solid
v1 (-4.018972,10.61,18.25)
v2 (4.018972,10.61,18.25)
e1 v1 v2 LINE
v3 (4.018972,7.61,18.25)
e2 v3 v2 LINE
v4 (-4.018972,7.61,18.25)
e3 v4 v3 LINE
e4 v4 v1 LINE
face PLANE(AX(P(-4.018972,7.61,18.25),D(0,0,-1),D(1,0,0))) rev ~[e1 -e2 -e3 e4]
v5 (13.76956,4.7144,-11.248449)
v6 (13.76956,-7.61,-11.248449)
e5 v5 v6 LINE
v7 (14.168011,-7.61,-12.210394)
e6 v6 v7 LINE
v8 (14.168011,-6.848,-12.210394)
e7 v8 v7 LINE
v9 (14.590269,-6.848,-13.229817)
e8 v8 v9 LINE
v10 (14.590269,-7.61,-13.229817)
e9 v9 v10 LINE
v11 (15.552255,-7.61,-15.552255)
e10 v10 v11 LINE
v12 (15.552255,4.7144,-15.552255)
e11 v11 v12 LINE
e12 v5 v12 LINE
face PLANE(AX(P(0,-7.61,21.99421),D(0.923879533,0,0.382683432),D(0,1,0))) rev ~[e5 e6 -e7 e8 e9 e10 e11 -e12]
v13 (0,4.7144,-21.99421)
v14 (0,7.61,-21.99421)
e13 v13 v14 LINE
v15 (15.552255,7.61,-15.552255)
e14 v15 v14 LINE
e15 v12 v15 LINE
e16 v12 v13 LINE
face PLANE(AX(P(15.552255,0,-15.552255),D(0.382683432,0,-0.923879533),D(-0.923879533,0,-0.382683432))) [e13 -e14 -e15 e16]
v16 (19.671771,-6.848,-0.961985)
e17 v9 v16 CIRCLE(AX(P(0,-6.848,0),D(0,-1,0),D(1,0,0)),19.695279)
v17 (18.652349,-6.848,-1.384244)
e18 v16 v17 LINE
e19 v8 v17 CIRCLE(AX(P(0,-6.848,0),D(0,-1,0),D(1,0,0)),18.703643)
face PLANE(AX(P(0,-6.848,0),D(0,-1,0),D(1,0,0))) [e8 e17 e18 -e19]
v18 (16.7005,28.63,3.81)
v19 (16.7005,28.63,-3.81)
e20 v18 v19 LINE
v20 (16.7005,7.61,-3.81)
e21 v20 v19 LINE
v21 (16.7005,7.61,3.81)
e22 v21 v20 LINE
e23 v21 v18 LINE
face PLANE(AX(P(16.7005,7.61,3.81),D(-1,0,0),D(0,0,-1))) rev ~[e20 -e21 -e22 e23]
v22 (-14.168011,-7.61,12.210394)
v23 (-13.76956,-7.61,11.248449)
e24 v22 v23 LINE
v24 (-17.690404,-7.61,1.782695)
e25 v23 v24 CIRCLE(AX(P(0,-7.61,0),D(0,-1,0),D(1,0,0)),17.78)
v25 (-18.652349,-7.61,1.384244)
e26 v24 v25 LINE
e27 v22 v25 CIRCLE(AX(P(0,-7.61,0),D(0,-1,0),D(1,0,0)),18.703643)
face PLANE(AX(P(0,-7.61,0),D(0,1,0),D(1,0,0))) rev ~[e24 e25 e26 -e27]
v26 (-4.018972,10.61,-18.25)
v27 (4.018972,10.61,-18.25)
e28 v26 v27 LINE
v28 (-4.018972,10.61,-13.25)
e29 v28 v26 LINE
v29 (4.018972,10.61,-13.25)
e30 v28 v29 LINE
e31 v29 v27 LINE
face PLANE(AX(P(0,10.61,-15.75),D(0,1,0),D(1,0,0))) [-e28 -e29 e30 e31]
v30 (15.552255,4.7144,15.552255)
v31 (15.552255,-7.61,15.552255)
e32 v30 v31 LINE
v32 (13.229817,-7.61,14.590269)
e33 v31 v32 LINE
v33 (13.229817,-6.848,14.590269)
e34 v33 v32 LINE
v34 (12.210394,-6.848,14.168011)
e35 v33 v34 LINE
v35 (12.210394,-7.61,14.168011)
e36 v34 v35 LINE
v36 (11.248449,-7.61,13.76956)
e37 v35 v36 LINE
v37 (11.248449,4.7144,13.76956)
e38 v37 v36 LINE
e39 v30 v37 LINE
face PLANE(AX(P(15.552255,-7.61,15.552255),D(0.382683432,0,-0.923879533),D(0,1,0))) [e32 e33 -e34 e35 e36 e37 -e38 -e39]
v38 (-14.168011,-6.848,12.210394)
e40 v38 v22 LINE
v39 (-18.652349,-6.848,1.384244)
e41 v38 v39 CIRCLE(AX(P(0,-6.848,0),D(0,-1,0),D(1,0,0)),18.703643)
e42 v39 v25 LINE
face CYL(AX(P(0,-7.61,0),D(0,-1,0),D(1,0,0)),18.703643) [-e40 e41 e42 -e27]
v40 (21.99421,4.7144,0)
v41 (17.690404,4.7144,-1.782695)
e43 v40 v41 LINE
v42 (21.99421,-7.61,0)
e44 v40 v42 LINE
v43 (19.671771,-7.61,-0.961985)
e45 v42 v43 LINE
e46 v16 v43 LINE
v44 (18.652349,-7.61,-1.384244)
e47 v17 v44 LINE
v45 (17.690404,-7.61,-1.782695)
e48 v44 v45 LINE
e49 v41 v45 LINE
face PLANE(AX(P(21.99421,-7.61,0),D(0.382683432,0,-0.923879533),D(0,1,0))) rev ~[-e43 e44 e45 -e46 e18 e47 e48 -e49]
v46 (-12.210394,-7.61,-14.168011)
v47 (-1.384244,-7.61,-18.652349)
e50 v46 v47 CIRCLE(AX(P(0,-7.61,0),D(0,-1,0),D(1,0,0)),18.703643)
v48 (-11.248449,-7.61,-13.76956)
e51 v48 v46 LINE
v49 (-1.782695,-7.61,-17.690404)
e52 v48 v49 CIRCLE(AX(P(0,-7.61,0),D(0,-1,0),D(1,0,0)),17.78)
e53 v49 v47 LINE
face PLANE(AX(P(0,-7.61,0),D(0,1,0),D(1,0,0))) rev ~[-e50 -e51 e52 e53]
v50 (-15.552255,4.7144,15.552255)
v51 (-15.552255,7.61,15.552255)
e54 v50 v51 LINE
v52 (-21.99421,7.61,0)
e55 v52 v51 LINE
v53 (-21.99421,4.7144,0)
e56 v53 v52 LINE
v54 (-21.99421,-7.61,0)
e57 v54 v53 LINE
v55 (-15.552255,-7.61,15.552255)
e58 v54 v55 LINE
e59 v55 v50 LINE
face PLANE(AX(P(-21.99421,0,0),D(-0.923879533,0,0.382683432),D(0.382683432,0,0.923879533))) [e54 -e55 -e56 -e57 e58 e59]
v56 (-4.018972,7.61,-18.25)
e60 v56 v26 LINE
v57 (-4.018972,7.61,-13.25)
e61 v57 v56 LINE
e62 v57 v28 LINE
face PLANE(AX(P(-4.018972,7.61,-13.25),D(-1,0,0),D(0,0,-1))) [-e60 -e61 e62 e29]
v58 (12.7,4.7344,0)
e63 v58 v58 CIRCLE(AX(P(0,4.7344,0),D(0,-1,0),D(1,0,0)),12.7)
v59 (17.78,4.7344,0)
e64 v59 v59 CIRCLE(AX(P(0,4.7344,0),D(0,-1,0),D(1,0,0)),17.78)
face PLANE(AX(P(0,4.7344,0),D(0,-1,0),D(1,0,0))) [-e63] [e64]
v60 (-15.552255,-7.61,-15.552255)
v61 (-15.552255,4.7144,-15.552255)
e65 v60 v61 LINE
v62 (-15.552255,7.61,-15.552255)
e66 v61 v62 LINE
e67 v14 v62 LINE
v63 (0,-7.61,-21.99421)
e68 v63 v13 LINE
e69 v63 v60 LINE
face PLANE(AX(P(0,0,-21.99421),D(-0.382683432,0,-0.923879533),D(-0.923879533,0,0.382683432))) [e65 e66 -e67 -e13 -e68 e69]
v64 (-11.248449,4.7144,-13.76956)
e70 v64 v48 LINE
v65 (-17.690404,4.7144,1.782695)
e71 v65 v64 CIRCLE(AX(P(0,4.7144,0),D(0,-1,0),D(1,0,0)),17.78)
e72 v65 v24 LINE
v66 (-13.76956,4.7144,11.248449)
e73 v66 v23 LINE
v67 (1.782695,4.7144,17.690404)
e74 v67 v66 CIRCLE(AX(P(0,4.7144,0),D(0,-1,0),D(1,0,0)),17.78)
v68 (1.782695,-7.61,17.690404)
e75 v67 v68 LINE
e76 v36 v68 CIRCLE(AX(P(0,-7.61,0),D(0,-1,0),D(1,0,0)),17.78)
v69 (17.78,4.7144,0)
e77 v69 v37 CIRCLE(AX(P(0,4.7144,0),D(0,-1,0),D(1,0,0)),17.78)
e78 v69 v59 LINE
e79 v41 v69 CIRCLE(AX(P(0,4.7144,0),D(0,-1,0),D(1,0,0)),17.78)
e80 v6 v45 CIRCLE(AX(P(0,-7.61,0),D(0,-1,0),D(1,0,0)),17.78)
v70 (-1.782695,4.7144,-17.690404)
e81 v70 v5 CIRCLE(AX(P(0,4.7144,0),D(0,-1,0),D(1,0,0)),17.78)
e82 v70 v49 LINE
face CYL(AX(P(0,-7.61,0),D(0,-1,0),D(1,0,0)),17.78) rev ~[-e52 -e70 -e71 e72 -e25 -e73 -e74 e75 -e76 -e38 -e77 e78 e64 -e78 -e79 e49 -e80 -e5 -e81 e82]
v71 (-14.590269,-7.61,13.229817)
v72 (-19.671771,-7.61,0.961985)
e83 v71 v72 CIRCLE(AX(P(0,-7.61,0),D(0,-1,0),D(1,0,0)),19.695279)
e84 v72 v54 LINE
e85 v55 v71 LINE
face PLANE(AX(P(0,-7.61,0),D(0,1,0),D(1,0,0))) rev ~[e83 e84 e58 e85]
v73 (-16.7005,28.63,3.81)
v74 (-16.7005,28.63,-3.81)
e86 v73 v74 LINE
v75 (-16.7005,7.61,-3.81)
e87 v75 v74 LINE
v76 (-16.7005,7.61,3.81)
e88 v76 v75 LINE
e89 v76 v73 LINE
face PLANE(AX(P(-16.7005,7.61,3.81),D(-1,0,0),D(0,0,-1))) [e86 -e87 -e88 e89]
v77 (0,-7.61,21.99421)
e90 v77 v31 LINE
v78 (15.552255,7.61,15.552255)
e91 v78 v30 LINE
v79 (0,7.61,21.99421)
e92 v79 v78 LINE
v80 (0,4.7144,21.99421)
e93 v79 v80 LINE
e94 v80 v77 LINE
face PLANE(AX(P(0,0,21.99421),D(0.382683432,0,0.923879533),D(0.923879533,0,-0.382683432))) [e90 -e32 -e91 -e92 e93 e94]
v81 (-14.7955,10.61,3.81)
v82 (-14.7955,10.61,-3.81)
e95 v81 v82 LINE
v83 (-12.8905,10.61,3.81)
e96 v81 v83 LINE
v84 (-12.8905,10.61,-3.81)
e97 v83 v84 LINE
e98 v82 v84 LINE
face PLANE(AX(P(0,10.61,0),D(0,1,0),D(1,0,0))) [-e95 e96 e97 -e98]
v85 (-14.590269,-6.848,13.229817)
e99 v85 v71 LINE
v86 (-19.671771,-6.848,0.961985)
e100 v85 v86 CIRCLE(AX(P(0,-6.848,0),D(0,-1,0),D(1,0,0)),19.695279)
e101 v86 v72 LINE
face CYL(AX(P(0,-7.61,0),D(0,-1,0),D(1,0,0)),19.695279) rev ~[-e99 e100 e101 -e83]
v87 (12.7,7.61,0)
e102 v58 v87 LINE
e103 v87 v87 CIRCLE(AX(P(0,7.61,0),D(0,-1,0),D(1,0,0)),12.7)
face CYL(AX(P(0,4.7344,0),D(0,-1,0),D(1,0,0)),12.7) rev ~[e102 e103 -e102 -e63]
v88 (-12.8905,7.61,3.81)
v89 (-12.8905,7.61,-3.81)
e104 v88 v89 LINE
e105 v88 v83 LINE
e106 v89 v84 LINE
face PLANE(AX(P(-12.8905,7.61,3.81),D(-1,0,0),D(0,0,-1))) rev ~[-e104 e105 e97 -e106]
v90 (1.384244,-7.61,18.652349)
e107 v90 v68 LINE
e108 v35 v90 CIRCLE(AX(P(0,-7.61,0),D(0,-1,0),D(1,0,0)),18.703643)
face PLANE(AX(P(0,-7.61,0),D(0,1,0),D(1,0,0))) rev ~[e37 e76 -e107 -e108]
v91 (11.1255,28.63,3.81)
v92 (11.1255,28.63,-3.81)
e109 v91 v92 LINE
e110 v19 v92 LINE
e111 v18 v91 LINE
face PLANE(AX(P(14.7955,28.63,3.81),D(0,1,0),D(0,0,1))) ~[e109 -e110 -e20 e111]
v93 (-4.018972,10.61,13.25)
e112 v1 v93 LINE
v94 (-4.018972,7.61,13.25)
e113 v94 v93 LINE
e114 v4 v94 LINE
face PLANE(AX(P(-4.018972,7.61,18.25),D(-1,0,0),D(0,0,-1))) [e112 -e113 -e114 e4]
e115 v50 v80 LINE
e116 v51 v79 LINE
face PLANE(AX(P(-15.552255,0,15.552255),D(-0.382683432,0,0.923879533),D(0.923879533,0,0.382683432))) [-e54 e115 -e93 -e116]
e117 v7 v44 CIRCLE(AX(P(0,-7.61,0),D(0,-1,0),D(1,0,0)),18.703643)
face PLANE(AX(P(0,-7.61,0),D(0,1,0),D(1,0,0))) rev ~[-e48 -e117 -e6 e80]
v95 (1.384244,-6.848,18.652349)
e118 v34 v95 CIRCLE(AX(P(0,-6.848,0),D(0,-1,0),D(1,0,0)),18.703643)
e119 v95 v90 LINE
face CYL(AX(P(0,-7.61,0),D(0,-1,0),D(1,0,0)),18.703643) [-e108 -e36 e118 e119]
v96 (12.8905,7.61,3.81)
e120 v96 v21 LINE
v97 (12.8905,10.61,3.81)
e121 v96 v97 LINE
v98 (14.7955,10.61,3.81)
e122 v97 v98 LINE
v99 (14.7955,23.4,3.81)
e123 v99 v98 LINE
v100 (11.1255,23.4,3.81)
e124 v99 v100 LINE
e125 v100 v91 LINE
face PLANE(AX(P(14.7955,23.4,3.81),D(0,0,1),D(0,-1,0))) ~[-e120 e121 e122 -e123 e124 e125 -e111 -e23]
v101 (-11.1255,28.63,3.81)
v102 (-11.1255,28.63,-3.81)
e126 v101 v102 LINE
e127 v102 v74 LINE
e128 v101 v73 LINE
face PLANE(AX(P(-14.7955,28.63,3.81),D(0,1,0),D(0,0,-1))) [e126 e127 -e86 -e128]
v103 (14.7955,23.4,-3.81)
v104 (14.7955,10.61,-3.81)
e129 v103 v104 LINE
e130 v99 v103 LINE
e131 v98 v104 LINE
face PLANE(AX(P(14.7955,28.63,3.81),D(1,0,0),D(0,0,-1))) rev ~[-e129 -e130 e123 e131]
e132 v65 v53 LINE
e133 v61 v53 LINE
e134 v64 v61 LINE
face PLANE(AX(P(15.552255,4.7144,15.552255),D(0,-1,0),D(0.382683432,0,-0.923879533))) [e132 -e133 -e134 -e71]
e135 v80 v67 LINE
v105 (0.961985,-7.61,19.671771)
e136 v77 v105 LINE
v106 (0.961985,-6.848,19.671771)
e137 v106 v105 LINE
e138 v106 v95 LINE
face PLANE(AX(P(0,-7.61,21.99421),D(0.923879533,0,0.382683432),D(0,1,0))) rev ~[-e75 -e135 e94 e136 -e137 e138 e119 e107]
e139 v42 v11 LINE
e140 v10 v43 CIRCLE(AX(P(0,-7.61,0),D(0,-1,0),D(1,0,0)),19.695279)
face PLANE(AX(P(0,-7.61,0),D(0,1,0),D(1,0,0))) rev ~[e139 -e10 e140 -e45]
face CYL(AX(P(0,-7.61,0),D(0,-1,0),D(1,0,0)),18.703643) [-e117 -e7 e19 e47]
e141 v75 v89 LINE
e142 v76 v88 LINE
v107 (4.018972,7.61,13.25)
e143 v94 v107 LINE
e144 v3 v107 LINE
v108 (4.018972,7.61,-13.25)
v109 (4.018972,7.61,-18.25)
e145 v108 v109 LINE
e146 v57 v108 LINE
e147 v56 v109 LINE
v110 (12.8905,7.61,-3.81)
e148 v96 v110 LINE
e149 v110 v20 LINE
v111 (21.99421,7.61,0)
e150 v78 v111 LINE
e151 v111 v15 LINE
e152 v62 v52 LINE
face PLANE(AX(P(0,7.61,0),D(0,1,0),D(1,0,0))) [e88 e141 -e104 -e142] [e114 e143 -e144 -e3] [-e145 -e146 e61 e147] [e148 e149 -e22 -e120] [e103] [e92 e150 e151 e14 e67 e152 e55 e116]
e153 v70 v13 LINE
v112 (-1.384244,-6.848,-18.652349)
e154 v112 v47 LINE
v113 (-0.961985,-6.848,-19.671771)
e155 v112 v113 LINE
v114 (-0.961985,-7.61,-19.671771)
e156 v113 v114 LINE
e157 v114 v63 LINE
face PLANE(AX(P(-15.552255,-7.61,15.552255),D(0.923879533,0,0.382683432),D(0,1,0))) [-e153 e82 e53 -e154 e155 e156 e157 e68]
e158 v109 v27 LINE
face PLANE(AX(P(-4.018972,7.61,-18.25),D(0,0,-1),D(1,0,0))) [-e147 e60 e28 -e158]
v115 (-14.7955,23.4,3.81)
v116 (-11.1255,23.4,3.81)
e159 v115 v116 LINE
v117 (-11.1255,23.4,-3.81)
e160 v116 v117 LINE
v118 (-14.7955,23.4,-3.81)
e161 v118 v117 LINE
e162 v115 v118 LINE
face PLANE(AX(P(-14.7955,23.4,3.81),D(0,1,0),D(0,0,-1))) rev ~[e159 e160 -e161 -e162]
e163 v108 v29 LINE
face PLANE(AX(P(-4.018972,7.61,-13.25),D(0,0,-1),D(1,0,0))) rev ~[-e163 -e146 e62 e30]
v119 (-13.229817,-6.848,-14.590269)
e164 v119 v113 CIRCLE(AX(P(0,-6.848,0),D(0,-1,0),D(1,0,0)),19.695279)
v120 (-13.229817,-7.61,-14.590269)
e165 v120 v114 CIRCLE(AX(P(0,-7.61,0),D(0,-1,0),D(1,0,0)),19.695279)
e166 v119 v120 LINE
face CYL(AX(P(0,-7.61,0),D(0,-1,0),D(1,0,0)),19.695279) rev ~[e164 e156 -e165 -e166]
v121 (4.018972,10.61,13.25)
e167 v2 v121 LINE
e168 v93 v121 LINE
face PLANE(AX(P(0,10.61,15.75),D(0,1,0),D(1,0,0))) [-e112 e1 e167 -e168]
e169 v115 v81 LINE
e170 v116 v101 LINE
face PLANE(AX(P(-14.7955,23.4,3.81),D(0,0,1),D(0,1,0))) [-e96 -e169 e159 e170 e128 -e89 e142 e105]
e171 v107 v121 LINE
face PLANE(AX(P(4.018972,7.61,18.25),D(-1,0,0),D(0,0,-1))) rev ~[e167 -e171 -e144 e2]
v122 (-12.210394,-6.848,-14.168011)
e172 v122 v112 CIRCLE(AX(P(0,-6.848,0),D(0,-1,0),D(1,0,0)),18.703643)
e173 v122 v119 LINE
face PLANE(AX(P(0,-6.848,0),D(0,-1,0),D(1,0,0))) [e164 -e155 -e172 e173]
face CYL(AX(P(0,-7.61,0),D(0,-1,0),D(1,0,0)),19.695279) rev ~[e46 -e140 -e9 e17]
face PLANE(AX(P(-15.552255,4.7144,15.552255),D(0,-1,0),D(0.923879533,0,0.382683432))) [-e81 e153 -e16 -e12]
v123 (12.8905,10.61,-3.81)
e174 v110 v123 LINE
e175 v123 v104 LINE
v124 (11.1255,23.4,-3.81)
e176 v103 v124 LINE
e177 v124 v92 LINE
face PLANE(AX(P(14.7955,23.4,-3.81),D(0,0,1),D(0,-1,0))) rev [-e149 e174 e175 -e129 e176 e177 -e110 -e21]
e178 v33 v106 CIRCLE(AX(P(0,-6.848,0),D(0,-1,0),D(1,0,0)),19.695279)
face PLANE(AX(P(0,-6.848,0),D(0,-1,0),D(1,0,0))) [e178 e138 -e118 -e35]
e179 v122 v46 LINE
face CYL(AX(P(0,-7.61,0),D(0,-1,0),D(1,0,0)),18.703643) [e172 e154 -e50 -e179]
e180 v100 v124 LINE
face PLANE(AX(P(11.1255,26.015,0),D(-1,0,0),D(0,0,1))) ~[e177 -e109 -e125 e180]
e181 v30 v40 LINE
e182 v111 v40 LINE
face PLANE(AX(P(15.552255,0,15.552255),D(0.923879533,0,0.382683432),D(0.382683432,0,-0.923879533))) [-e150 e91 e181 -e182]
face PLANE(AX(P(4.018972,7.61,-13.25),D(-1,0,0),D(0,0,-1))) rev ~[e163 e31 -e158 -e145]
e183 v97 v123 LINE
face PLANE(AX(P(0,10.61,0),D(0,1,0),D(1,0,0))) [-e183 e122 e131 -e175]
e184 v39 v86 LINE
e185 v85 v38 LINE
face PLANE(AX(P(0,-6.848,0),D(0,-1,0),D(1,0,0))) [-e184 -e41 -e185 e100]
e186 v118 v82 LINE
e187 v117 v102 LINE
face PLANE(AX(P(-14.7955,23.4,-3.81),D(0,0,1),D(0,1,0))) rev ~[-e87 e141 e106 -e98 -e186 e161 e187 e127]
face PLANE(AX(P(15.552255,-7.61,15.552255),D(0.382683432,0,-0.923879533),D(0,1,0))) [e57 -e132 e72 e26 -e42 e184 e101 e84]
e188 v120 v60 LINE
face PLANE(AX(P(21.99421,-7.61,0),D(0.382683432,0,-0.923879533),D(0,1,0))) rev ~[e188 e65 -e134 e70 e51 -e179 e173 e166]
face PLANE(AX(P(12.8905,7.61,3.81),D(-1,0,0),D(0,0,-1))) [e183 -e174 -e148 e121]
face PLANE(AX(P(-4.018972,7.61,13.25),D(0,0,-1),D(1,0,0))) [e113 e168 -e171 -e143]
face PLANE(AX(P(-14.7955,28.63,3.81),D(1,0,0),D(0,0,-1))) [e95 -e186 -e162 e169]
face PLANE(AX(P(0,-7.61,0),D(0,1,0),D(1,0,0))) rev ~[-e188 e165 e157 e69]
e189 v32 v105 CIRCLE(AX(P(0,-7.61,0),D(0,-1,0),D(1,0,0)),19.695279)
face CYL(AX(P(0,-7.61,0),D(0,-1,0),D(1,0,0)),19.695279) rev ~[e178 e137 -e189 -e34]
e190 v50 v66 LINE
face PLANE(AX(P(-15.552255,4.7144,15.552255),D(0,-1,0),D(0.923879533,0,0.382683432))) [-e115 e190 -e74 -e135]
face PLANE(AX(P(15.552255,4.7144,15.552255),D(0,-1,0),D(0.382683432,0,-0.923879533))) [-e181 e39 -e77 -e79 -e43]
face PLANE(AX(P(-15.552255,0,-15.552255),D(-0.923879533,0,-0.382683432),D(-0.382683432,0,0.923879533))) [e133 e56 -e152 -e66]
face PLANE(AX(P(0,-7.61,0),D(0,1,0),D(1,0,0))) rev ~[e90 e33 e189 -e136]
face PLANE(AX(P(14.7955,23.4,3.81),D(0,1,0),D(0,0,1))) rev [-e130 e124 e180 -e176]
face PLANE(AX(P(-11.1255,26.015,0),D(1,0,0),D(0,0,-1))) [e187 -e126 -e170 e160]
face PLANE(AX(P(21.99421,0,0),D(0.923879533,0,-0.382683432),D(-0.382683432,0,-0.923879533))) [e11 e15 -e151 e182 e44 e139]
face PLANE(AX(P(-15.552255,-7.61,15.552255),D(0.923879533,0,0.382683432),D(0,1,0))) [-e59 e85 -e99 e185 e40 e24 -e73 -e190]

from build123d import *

# Parameters (mm, degrees)
BOSS_EXTRUDE1_DEPTH = 7.61
SKETCH5_R           = 17.78
CUT_EXTRUDE2_DEPTH  = 12.3444
SKETCH6_R           = 12.7
CUT_EXTRUDE3_DEPTH  = 3.8756
SKETCH7_W           = 16.833639174
SKETCH7_H           = 12.3244
CUT_EXTRUDE4_DEPTH  = 50.056819587
SKETCH8_W           = 16.833639174
SKETCH8_H           = 12.3244
CUT_EXTRUDE5_DEPTH  = 50.056819587
SKETCH10_R          = 19.69527877
SKETCH10_R_2        = 18.703643049
CUT_EXTRUDE7_DEPTH  = 0.762
SKETCH11_W          = 3.81
SKETCH11_H          = 7.62
BOSS_EXTRUDE2_DEPTH = 21.02
SKETCH13_W          = 29.591
SKETCH13_H          = 7.62
CUT_EXTRUDE8_DEPTH  = 18.02
SKETCH15_W          = 8.037943886
SKETCH15_H          = 5
BOSS_EXTRUDE3_DEPTH = 3
SKETCH16_W          = 7.62
SKETCH16_H          = 5.23
BOSS_EXTRUDE4_DEPTH = 3.67


with BuildPart() as part:
    # Sketch1 → Boss-Extrude1 (new body, symmetric)
    with BuildSketch(Plane(origin=(0, 0, 0), x_dir=(1, 0, 0), z_dir=(0, 1, 0))):
        Polygon((21.99420951, 0), (15.552254691, 15.552254691), (0, 21.99420951), (-15.552254691, 15.552254691), (-21.99420951, 0), (-15.552254691, -15.552254691), (0, -21.99420951), (15.552254691, -15.552254691), align=None)
    extrude(amount=BOSS_EXTRUDE1_DEPTH, both=True)

    # Sketch5 → Cut-Extrude2 (cut)
    with BuildSketch(Plane.XZ.offset(7.61)):
        Circle(SKETCH5_R)
    extrude(amount=-CUT_EXTRUDE2_DEPTH, mode=Mode.SUBTRACT)

    # Sketch6 → Cut-Extrude3 (cut, through all)
    with BuildSketch(Plane.XZ.offset(-4.7344)):
        Circle(SKETCH6_R)
    extrude(amount=-CUT_EXTRUDE3_DEPTH, mode=Mode.SUBTRACT)

    # Sketch7 → Cut-Extrude4 (cut, through all)
    with BuildSketch(Plane(origin=(-7.776127346, 0, 18.773232101), x_dir=(0.923879533, 0, 0.382683432), z_dir=(-0.382683432, 0, 0.923879533))):
        with Locations((0, -1.4478)):
            Rectangle(SKETCH7_W, SKETCH7_H)
    extrude(amount=-CUT_EXTRUDE4_DEPTH, mode=Mode.SUBTRACT)

    # Sketch8 → Cut-Extrude5 (cut, through all)
    with BuildSketch(Plane(origin=(18.773232101, 0, 7.776127346), x_dir=(0.382683432, 0, -0.923879533), z_dir=(0.923879533, 0, 0.382683432))):
        with Locations((0, -1.4478)):
            Rectangle(SKETCH8_W, SKETCH8_H)
    extrude(amount=-CUT_EXTRUDE5_DEPTH, mode=Mode.SUBTRACT)

    # Sketch10 → Cut-Extrude7 (cut)
    with BuildSketch(Plane.XZ.offset(7.61)):
        Circle(SKETCH10_R)
        Circle(SKETCH10_R_2, mode=Mode.SUBTRACT)
    extrude(amount=-CUT_EXTRUDE7_DEPTH, mode=Mode.SUBTRACT)

    # Sketch11 → Boss-Extrude2 (add)
    with BuildSketch(Plane(origin=(0, 7.61, 0), x_dir=(1, 0, 0), z_dir=(0, 1, 0))):
        with Locations((14.7955, 0)):
            Rectangle(SKETCH11_W, SKETCH11_H)
        with Locations((-14.7955, 0)):
            Rectangle(SKETCH11_W, SKETCH11_H)
    extrude(amount=BOSS_EXTRUDE2_DEPTH)

    # Sketch13 → Cut-Extrude8 (cut)
    with BuildSketch(Plane(origin=(0, 28.63, 0), x_dir=(1, 0, 0), z_dir=(0, 1, 0))):
        Rectangle(SKETCH13_W, SKETCH13_H)
    extrude(amount=-CUT_EXTRUDE8_DEPTH, mode=Mode.SUBTRACT)

    # Sketch15 → Boss-Extrude3 (add)
    with BuildSketch(Plane(origin=(0, 7.61, 0), x_dir=(1, 0, 0), z_dir=(0, 1, 0))):
        with Locations((0, -15.75)):
            Rectangle(SKETCH15_W, SKETCH15_H)
        with Locations((0, 15.75)):
            Rectangle(SKETCH15_W, SKETCH15_H)
    extrude(amount=BOSS_EXTRUDE3_DEPTH)

    # Sketch16 → Boss-Extrude4 (add)
    with BuildSketch(Plane(origin=(-14.7955, 0, 0), x_dir=(0, 0, -1), z_dir=(1, 0, 0))):
        with Locations((0, 26.015)):
            Rectangle(SKETCH16_W, SKETCH16_H)
    boss_extrude4 = extrude(amount=BOSS_EXTRUDE4_DEPTH)

    # Mirror1: Boss-Extrude4 across plane
    add(boss_extrude4.mirror(Plane(origin=(0, 0, 0), x_dir=(0, 0, 1), z_dir=(1, 0, 0))))


solid = part.part
